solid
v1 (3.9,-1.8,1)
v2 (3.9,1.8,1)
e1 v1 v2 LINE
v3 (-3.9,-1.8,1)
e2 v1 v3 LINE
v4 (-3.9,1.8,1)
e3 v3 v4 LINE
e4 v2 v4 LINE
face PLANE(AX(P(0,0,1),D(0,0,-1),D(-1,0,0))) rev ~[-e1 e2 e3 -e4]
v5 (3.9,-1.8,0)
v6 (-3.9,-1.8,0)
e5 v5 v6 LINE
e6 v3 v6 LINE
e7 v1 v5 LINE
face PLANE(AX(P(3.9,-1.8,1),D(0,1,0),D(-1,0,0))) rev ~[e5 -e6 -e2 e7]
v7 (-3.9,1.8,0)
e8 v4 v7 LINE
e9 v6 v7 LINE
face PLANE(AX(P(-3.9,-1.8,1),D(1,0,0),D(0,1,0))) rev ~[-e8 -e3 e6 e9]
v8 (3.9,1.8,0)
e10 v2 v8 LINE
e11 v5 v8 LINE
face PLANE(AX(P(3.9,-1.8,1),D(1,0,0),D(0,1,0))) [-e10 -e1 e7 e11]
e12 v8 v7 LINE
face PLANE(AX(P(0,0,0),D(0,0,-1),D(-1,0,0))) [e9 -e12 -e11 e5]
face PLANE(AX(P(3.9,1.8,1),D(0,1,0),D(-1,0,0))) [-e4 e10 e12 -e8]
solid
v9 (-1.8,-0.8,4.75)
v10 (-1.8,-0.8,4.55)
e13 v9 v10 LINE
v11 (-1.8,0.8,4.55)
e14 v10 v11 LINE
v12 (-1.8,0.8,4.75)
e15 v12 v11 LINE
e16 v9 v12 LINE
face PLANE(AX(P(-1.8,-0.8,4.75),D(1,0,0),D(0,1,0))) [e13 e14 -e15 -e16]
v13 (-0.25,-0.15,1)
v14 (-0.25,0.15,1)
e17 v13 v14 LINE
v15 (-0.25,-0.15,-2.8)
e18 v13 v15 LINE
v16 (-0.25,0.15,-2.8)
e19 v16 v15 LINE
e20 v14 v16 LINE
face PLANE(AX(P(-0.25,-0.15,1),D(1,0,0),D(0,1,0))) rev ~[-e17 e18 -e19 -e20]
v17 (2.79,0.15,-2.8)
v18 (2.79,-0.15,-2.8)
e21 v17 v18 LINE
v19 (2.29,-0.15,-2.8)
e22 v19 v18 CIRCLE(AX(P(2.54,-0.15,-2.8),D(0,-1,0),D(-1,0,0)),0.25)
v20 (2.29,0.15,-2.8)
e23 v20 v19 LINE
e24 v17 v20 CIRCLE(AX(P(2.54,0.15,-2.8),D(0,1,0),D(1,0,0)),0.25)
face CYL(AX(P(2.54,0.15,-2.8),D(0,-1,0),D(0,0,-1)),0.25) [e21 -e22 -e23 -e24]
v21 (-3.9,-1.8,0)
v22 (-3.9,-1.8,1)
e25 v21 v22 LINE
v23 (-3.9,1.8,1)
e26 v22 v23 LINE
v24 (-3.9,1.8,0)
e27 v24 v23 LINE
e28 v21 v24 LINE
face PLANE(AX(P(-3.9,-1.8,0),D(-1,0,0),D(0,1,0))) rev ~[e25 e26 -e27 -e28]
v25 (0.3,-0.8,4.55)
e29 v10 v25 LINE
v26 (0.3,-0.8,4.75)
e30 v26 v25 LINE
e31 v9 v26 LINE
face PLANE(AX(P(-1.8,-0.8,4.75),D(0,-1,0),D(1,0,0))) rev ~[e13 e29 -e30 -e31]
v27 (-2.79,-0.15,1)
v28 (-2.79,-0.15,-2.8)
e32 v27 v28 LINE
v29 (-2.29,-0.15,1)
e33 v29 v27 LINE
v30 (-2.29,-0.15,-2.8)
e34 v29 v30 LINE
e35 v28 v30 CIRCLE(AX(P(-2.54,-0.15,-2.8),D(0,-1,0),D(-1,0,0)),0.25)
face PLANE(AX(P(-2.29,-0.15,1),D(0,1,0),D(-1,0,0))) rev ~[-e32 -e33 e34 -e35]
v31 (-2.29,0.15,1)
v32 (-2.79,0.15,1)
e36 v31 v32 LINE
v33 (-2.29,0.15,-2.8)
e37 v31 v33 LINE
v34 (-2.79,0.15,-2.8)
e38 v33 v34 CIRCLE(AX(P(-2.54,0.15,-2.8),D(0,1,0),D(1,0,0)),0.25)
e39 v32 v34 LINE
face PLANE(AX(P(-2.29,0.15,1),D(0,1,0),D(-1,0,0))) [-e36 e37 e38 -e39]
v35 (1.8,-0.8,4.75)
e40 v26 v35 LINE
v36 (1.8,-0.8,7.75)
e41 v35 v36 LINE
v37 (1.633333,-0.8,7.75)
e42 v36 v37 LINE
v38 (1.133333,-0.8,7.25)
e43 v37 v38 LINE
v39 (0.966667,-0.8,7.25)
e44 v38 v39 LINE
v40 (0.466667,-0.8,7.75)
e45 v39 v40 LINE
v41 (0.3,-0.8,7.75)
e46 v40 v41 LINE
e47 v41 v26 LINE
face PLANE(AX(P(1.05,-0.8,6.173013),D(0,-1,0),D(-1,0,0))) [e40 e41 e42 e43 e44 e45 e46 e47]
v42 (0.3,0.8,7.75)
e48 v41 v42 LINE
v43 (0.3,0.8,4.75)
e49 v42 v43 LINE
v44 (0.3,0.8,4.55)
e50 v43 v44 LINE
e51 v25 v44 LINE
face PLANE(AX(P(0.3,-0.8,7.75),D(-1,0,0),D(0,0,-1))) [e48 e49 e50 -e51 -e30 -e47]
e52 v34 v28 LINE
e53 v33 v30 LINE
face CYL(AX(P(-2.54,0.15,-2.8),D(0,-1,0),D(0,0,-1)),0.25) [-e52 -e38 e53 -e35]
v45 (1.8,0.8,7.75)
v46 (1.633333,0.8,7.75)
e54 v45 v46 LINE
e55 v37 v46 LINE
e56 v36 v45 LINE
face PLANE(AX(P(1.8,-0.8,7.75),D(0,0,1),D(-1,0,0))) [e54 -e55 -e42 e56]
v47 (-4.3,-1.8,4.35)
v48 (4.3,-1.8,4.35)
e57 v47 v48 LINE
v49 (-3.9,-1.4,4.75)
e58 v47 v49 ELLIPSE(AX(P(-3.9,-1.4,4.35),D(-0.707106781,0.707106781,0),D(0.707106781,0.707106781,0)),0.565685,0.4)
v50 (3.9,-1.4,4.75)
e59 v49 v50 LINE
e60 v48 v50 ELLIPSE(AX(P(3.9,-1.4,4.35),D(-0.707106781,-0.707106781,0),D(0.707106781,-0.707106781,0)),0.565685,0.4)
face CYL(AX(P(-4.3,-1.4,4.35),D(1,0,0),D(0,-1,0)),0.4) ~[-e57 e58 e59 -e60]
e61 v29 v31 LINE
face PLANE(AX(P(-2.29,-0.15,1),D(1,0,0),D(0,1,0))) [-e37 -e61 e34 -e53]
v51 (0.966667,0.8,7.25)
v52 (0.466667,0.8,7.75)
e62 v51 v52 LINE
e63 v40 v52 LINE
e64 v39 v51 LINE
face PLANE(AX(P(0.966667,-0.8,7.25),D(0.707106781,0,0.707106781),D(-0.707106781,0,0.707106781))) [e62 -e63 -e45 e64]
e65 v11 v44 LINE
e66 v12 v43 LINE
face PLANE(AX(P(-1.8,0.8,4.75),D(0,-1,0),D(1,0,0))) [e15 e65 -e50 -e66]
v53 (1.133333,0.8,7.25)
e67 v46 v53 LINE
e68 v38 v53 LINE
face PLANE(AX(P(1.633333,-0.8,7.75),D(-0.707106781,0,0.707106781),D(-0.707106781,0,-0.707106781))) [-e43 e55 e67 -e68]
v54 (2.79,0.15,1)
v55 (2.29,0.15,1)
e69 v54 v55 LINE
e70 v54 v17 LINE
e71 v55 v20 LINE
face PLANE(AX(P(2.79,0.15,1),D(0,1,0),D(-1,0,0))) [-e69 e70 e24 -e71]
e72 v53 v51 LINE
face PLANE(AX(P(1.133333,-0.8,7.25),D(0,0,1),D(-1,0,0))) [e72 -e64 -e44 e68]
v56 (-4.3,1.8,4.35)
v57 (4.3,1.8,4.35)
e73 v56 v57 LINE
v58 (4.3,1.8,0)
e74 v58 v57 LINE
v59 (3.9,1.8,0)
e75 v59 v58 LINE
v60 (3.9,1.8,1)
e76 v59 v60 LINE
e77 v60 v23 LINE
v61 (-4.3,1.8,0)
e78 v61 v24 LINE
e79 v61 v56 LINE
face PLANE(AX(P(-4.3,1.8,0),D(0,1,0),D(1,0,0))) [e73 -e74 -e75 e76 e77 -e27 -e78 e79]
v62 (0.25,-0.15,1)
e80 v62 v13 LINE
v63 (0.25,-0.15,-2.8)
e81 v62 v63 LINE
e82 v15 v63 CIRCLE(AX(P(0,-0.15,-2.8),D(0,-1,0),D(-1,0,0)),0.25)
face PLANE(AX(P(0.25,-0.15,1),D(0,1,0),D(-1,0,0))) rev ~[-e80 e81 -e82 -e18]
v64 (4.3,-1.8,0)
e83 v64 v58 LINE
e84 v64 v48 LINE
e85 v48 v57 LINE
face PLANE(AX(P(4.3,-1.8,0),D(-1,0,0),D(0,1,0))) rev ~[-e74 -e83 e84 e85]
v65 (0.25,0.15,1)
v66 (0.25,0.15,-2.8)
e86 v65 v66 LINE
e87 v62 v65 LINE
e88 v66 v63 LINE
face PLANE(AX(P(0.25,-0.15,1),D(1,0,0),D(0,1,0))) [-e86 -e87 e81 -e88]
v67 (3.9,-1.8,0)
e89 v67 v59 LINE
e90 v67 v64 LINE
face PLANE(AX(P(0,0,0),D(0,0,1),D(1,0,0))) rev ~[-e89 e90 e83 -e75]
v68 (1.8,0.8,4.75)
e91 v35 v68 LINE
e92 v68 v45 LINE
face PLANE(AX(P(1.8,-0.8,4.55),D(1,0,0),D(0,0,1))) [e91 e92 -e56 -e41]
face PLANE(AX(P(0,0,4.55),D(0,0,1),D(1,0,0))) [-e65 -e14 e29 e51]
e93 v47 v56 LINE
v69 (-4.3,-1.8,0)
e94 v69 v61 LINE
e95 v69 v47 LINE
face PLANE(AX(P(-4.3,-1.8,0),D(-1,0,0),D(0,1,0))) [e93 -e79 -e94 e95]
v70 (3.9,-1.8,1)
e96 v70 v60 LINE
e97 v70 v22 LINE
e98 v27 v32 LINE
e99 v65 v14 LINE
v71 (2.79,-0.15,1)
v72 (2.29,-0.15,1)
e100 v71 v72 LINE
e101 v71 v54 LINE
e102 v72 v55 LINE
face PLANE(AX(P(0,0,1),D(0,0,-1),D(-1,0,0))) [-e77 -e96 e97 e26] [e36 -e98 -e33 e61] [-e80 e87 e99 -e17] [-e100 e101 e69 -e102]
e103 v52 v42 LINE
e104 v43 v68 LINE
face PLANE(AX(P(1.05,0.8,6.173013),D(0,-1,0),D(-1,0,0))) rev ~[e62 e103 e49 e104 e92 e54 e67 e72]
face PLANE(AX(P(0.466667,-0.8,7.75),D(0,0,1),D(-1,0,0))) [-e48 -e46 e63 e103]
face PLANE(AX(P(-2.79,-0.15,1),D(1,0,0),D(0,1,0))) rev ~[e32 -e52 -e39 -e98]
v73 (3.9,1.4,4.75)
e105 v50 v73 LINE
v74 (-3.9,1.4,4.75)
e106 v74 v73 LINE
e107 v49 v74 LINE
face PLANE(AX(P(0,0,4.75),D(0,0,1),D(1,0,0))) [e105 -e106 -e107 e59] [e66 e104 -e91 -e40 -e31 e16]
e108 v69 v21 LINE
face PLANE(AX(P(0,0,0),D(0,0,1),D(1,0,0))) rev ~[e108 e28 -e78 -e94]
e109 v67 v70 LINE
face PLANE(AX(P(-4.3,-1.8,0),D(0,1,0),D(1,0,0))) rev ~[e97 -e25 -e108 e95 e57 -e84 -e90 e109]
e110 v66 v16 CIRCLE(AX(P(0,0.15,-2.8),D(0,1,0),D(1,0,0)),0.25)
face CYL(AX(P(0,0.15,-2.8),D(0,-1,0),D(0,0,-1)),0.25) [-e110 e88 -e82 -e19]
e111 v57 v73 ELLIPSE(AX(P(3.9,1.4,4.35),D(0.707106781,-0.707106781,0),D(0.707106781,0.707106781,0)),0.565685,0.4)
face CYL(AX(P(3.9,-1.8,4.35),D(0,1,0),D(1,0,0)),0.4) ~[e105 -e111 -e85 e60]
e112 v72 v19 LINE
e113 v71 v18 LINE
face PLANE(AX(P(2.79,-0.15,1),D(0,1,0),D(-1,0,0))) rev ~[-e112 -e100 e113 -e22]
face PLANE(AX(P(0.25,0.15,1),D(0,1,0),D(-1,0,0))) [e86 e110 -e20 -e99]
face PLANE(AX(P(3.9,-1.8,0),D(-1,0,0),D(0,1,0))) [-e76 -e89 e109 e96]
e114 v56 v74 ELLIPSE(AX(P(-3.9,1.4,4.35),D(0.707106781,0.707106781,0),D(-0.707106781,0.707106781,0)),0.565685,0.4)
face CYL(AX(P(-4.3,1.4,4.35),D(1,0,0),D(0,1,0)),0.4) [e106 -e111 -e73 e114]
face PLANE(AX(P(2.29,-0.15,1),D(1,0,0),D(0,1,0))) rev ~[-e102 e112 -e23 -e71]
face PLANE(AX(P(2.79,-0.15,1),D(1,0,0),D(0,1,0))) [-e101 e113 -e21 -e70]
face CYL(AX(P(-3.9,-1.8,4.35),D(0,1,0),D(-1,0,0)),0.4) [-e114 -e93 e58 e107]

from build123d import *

# Parameters (mm, degrees)
SKETCH1_W                         = 8.6
SKETCH1_H                         = 3.6
BOSS_EXTRUDE1_DEPTH               = 4.75
FILLET2_R                         = 0.4
SKETCH2_W                         = 3.6
SKETCH2_H                         = 1.6
CUT_EXTRUDE1_DEPTH                = 0.2
BOSS_EXTRUDE2_DEPTH               = 1.6
SKETCH8_W                         = 7.8
SKETCH8_H                         = 3.6
CUT_EXTRUDE2_DEPTH                = 1
SKETCH10_W                        = 0.5
SKETCH10_H                        = 0.3
BOSS_EXTRUDE6_DEPTH               = 4.05
FILLET5_RADIUS                    = 0.25
FILLET5_LENGTH                    = 0.3
LPATTERN3_COUNT                   = 2
LPATTERN3_PITCH                   = 2.54
FILLET5_OF_LPATTERN3_2_RADIUS     = 0.25
FILLET5_OF_LPATTERN3_2_LENGTH     = 0.3
LPATTERN3_COL_COUNT               = 2
LPATTERN3_COL_PITCH               = 2.54
FILLET5_OF_LPATTERN3_COL_2_RADIUS = 0.25
FILLET5_OF_LPATTERN3_COL_2_LENGTH = 0.3
SKETCH9_W                         = 7.8
SKETCH9_H                         = 3.6
BOSS_EXTRUDE7_DEPTH               = 1


with BuildPart() as part:
    # Sketch1 → Boss-Extrude1 (new body)
    with BuildSketch(Plane.XY):
        Rectangle(SKETCH1_W, SKETCH1_H)
    extrude(amount=BOSS_EXTRUDE1_DEPTH)

    # Fillet2
    fillet2_edges = [part.edges().sort_by_distance(p)[0] for p in [
        (-4.3, 0, 4.75),
        (0, -1.8, 4.75),
        (4.3, 0, 4.75),
        (0, 1.8, 4.75),
    ]]
    fillet(fillet2_edges, radius=FILLET2_R)

    # Sketch2 → Cut-Extrude1 (cut)
    with BuildSketch(Plane.XY.offset(4.75)):
        Rectangle(SKETCH2_W, SKETCH2_H)
    extrude(amount=-CUT_EXTRUDE1_DEPTH, mode=Mode.SUBTRACT)

    # Sketch4 → Boss-Extrude2 (add)
    with BuildSketch(Plane(origin=(0, -0.8, 0), x_dir=(1, 0, 0), z_dir=(0, 1, 0))):
        Polygon((1.8, -4.55), (1.8, -7.75), (1.633333333, -7.75), (1.133333333, -7.25), (0.966666667, -7.25), (0.466666667, -7.75), (0.3, -7.75), (0.3, -4.55), align=None)
    extrude(amount=BOSS_EXTRUDE2_DEPTH)

    # Sketch8 → Cut-Extrude2 (cut)
    with BuildSketch(Plane(origin=(0, 0, 0), x_dir=(-1, 0, 0), z_dir=(0, 0, -1))):
        Rectangle(SKETCH8_W, SKETCH8_H)
    extrude(amount=-CUT_EXTRUDE2_DEPTH, mode=Mode.SUBTRACT)

    # Sketch10 → Boss-Extrude6 (add)
    with BuildSketch(Plane(origin=(0, 0, 1), x_dir=(-1, 0, 0), z_dir=(0, 0, -1))):
        Rectangle(SKETCH10_W, SKETCH10_H)
    boss_extrude6 = extrude(amount=BOSS_EXTRUDE6_DEPTH)

    # Fillet5: full round fillet: the end face becomes a half cylinder, R = half its width
    fillet5_face = Plane((0, 0, -3.05), x_dir=(0, -1, 0), z_dir=(0, 0, -1))  # on the end face: x along it, z out of the body
    fillet5_slab = fillet5_face.offset(-FILLET5_RADIUS / 2) * Box(FILLET5_LENGTH, 2 * FILLET5_RADIUS, FILLET5_RADIUS, mode=Mode.PRIVATE)  # the body's end, R deep
    fillet5_round = Plane((0, 0, -2.8), x_dir=(0, 0, -1), z_dir=(0, -1, 0)) * Cylinder(FILLET5_RADIUS, FILLET5_LENGTH, mode=Mode.PRIVATE)  # its axis R under the face
    add(fillet5_slab - fillet5_round, mode=Mode.SUBTRACT)

    # LPattern3: Boss-Extrude6 ×2
    with Locations(*[(i * LPATTERN3_PITCH, 0, 0) for i in range(1, LPATTERN3_COUNT)]):
        add(boss_extrude6)

    # Fillet5 of LPattern3 2: full round fillet: the end face becomes a half cylinder, R = half its width
    fillet5_of_lpattern3_2_face = Plane((2.54, 0, -3.05), x_dir=(0, -1, 0), z_dir=(0, 0, -1))  # on the end face: x along it, z out of the body
    fillet5_of_lpattern3_2_slab = fillet5_of_lpattern3_2_face.offset(-FILLET5_OF_LPATTERN3_2_RADIUS / 2) * Box(FILLET5_OF_LPATTERN3_2_LENGTH, 2 * FILLET5_OF_LPATTERN3_2_RADIUS, FILLET5_OF_LPATTERN3_2_RADIUS, mode=Mode.PRIVATE)  # the body's end, R deep
    fillet5_of_lpattern3_2_round = Plane((2.54, 0, -2.8), x_dir=(0, 0, -1), z_dir=(0, -1, 0)) * Cylinder(FILLET5_OF_LPATTERN3_2_RADIUS, FILLET5_OF_LPATTERN3_2_LENGTH, mode=Mode.PRIVATE)  # its axis R under the face
    add(fillet5_of_lpattern3_2_slab - fillet5_of_lpattern3_2_round, mode=Mode.SUBTRACT)

    # LPattern3 col: Boss-Extrude6 ×2
    with Locations(*[(-i * LPATTERN3_COL_PITCH, 0, 0) for i in range(1, LPATTERN3_COL_COUNT)]):
        add(boss_extrude6)

    # Fillet5 of LPattern3 col 2: full round fillet: the end face becomes a half cylinder, R = half its width
    fillet5_of_lpattern3_col_2_face = Plane((-2.54, 0, -3.05), x_dir=(0, -1, 0), z_dir=(0, 0, -1))  # on the end face: x along it, z out of the body
    fillet5_of_lpattern3_col_2_slab = fillet5_of_lpattern3_col_2_face.offset(-FILLET5_OF_LPATTERN3_COL_2_RADIUS / 2) * Box(FILLET5_OF_LPATTERN3_COL_2_LENGTH, 2 * FILLET5_OF_LPATTERN3_COL_2_RADIUS, FILLET5_OF_LPATTERN3_COL_2_RADIUS, mode=Mode.PRIVATE)  # the body's end, R deep
    fillet5_of_lpattern3_col_2_round = Plane((-2.54, 0, -2.8), x_dir=(0, 0, -1), z_dir=(0, -1, 0)) * Cylinder(FILLET5_OF_LPATTERN3_COL_2_RADIUS, FILLET5_OF_LPATTERN3_COL_2_LENGTH, mode=Mode.PRIVATE)  # its axis R under the face
    add(fillet5_of_lpattern3_col_2_slab - fillet5_of_lpattern3_col_2_round, mode=Mode.SUBTRACT)


with BuildPart() as body_2:
    # Sketch9 → Boss-Extrude7 (new body)
    with BuildSketch(Plane(origin=(0, 0, 1), x_dir=(-1, 0, 0), z_dir=(0, 0, -1))):
        Rectangle(SKETCH9_W, SKETCH9_H)
    extrude(amount=BOSS_EXTRUDE7_DEPTH)


solid = Compound([part.part, body_2.part])
